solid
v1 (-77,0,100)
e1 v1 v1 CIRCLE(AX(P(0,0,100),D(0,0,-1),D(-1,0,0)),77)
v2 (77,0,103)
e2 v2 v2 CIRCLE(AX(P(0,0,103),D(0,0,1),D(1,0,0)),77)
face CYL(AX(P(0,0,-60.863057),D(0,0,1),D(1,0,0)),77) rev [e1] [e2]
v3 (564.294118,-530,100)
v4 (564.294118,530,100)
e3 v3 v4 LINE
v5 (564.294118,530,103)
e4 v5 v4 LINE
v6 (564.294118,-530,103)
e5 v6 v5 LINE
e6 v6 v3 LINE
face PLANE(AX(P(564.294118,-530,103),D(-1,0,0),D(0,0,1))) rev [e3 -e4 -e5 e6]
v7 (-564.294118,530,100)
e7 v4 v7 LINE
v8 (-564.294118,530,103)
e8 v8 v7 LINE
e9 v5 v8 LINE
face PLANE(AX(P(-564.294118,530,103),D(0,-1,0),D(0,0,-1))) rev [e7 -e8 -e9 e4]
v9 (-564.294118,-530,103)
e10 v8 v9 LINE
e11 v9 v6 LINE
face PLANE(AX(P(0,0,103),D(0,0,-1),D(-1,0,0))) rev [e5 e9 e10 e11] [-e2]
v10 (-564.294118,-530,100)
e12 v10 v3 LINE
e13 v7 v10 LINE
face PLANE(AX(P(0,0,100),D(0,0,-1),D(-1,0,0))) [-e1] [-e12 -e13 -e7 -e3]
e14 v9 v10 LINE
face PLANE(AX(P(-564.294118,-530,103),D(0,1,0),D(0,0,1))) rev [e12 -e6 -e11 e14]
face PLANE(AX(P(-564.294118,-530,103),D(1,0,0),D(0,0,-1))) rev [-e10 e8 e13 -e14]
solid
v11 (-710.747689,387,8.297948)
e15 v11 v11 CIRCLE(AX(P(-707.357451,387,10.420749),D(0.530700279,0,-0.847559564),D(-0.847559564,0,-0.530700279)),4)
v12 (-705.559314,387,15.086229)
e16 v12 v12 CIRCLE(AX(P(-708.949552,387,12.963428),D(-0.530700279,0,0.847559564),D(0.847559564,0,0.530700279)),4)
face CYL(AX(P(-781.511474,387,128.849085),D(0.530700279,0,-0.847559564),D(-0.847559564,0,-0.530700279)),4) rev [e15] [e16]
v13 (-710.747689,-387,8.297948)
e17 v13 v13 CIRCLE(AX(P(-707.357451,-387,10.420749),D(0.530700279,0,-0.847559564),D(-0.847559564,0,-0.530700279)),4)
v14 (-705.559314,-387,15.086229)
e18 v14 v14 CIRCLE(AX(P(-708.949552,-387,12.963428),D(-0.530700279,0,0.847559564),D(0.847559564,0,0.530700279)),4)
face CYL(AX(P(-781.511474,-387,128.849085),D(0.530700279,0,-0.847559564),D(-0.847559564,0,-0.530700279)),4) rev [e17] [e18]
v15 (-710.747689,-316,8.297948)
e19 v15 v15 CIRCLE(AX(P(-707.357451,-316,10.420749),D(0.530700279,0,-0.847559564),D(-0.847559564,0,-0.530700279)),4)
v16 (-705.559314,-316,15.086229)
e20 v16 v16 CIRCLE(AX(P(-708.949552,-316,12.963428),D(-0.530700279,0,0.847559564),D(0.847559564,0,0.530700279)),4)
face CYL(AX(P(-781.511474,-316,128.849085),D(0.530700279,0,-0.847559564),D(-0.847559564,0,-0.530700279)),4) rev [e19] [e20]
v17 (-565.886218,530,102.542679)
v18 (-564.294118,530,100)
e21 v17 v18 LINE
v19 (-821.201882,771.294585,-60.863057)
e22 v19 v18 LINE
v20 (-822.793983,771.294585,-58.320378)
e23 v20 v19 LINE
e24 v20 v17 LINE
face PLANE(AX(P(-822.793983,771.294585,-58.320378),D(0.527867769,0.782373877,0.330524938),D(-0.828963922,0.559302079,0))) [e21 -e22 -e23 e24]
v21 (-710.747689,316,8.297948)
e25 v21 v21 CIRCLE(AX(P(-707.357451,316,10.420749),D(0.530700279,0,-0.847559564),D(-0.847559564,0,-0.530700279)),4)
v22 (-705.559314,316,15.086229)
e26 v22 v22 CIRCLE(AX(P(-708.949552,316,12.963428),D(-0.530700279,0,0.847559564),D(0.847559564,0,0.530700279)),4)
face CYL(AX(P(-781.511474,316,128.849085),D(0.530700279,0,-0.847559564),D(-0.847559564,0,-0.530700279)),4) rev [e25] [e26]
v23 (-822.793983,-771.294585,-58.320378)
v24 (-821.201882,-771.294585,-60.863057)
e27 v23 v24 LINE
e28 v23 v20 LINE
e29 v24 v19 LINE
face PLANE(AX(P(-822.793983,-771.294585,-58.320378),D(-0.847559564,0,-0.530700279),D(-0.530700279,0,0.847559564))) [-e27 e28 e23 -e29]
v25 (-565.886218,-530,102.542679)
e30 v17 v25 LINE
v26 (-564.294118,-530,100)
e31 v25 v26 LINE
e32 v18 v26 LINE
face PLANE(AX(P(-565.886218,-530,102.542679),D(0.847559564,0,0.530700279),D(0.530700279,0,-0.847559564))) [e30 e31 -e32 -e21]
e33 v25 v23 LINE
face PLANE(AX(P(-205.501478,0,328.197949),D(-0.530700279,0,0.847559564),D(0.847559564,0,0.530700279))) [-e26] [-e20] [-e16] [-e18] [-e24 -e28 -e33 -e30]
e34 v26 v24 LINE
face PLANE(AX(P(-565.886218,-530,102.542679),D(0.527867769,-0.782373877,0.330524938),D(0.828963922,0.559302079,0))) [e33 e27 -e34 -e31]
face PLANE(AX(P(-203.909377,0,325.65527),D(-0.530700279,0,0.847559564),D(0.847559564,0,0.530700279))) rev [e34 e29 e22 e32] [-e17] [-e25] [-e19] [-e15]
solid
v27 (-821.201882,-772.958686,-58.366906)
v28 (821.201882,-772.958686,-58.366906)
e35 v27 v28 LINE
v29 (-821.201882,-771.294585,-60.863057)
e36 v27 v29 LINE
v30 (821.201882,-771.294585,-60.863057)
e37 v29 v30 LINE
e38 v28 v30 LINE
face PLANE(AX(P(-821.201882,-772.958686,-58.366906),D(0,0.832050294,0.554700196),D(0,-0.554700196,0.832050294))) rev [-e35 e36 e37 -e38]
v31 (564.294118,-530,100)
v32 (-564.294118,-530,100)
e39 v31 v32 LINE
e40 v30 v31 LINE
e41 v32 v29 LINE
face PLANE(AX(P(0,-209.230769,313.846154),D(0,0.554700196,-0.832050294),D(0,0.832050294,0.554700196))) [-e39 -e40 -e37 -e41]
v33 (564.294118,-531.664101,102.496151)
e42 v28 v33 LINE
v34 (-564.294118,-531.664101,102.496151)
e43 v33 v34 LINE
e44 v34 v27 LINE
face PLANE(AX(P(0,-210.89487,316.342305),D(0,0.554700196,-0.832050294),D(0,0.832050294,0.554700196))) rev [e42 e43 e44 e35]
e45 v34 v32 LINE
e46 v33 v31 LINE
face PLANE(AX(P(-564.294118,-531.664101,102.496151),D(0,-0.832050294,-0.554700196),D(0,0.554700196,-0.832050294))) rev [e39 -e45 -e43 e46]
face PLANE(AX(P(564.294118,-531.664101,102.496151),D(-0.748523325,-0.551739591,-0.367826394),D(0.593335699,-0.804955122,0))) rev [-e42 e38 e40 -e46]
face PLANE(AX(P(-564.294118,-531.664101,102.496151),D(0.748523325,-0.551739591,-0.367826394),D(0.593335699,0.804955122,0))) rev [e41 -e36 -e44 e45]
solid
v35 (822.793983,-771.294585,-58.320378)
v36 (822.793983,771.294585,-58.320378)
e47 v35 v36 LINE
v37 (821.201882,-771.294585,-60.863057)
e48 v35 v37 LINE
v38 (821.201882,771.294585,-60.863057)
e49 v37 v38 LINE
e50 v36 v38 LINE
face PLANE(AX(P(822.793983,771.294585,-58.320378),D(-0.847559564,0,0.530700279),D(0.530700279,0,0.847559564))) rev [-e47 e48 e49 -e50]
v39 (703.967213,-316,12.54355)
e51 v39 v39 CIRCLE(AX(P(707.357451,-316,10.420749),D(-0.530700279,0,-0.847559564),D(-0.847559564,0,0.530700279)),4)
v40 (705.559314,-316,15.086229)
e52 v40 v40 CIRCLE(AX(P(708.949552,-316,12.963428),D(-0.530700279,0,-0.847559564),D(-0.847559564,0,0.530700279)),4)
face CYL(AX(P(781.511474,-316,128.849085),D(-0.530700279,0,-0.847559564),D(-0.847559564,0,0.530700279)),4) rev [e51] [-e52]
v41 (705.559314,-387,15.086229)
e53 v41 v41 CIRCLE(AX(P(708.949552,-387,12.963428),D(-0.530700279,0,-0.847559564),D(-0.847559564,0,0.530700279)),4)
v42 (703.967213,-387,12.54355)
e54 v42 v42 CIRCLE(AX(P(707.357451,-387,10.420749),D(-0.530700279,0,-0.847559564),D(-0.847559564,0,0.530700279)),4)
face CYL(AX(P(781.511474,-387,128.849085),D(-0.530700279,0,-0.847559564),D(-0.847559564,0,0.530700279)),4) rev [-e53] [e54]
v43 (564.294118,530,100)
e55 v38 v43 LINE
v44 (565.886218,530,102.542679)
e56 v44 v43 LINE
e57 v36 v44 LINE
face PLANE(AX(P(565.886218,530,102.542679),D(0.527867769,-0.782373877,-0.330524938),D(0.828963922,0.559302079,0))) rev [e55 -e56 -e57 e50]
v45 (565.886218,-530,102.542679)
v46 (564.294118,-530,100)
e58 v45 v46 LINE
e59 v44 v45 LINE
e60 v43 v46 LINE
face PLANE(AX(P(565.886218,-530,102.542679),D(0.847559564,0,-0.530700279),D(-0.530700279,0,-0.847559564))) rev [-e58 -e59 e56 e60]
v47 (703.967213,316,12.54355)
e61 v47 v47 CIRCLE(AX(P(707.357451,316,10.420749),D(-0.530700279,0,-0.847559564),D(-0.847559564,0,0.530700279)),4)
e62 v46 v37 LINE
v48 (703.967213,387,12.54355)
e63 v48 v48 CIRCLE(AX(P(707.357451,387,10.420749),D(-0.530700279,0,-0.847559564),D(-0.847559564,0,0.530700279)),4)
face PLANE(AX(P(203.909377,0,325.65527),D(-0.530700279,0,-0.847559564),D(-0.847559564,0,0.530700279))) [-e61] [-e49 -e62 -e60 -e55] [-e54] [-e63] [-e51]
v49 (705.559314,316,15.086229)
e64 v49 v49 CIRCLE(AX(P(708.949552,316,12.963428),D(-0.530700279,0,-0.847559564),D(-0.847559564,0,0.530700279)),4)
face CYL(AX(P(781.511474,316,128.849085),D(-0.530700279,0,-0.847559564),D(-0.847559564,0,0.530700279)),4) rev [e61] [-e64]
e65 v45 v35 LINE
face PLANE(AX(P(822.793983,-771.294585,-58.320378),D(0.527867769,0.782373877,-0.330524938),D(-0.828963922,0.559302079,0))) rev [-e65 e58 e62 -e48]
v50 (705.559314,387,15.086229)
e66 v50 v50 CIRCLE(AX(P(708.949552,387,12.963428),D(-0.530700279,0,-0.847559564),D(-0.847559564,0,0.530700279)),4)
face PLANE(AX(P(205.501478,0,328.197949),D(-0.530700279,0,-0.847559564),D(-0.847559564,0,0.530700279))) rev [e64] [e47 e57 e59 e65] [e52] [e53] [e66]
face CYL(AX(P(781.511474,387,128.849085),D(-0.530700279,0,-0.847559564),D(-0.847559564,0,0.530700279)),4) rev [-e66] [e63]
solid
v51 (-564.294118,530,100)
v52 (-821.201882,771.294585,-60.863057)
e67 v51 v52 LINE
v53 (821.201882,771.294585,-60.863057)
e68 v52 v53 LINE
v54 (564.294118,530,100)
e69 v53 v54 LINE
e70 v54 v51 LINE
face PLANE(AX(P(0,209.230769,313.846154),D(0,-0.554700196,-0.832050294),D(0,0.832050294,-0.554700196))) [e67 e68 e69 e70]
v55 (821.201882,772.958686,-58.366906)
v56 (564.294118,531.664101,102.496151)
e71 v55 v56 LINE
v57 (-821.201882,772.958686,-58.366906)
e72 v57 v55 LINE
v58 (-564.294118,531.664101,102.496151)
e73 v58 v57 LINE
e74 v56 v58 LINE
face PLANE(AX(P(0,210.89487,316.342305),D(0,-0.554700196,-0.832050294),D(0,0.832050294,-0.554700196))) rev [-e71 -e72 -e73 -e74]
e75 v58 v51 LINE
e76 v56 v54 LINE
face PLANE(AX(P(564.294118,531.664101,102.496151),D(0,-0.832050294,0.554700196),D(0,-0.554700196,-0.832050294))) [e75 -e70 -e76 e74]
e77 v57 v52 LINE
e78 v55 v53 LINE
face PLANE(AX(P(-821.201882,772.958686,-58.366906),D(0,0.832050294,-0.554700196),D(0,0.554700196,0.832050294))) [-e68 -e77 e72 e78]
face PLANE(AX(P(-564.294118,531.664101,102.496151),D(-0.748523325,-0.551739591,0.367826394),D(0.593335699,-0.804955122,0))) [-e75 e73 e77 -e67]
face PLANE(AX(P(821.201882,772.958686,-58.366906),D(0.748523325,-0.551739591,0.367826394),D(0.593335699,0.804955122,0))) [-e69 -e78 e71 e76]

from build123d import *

# Parameters (mm, degrees)
BOSS_EXTRUDE1_DEPTH = 3
BOSS_EXTRUDE2_DEPTH = 3
BOSS_EXTRUDE3_DEPTH = 3
BOSS_EXTRUDE4_DEPTH = 3
SKETCH7_W           = 1128.588235294
SKETCH7_H           = 1060
BOSS_EXTRUDE5_DEPTH = 3
SKETCH9_R           = 4
CUT_EXTRUDE2_DEPTH  = 1343.006459444
SKETCH10_R          = 4
CUT_EXTRUDE3_DEPTH  = 1343.006459444
SKETCH11_R          = 77
CUT_EXTRUDE4_DEPTH  = 1141.74807468


with BuildPart() as part:
    # Sketch3 → Boss-Extrude1 (new body)
    with BuildSketch(Plane(origin=(0, -209.230769231, 313.846153846), x_dir=(1, 0, 0), z_dir=(0, -0.554700196225229, 0.8320502943378437))):
        Polygon((-564.294117647, -385.516636377), (564.294117647, -385.516636377), (724, -565.79420015), (821.201882058, -675.516636377), (-821.201882058, -675.516636377), (-724, -565.79420015), align=None)
    extrude(amount=BOSS_EXTRUDE1_DEPTH)


with BuildPart() as body_2:
    # Sketch4 → Boss-Extrude2 (new body)
    with BuildSketch(Plane(origin=(-203.909377292, 0, 325.655270204), x_dir=(-0.8475595635030612, 0, -0.5307002791731887), z_dir=(0.5307002791731887, 0, -0.8475595635030612))):
        Polygon((425.202848123, -530), (425.202848123, 530), (728.317549996, 771.294585358), (728.317549996, -771.294585358), align=None)
    extrude(amount=-BOSS_EXTRUDE2_DEPTH)

    # Sketch10 → Cut-Extrude3 (cut, through all)
    with BuildSketch(Plane(origin=(-203.909377292, 0, 325.655270204), x_dir=(-0.8475595635030612, 0, -0.5307002791731887), z_dir=(0.5307002791731887, 0, -0.8475595635030612))):
        with Locations((593.997278026, -387)):
            Circle(SKETCH10_R)
        with Locations((593.997278026, -316)):
            Circle(SKETCH10_R)
        with Locations((593.997278026, 316)):
            Circle(SKETCH10_R)
        with Locations((593.997278026, 387)):
            Circle(SKETCH10_R)
    extrude(amount=-CUT_EXTRUDE3_DEPTH, mode=Mode.SUBTRACT)


with BuildPart() as body_3:
    # Sketch5 → Boss-Extrude3 (new body)
    with BuildSketch(Plane(origin=(203.909377292, 0, 325.655270204), x_dir=(0.8475595635030614, 0, -0.5307002791731884), z_dir=(0.5307002791731884, 0, 0.8475595635030614))):
        Polygon((425.202848123, -530), (425.202848123, 530), (728.317549996, 771.294585358), (728.317549996, -771.294585358), align=None)
    extrude(amount=BOSS_EXTRUDE3_DEPTH)

    # Sketch9 → Cut-Extrude2 (cut, through all)
    with BuildSketch(Plane(origin=(203.909377292, 0, 325.655270204), x_dir=(-0.8475595635030615, 0, 0.5307002791731884), z_dir=(-0.5307002791731884, 0, -0.8475595635030615))):
        with Locations((-593.997278026, 387)):
            Circle(SKETCH9_R)
        with Locations((-593.997278026, 316)):
            Circle(SKETCH9_R)
        with Locations((-593.997278026, -316)):
            Circle(SKETCH9_R)
        with Locations((-593.997278026, -387)):
            Circle(SKETCH9_R)
    extrude(amount=-CUT_EXTRUDE2_DEPTH, mode=Mode.SUBTRACT)


with BuildPart() as body_4:
    # Sketch6 → Boss-Extrude4 (new body)
    with BuildSketch(Plane(origin=(0, 209.230769231, 313.846153846), x_dir=(-1, 0, 0), z_dir=(0, -0.554700196225229, -0.8320502943378437))):
        Polygon((-564.294117647, 385.516636377), (564.294117647, 385.516636377), (821.201882058, 675.516636377), (-821.201882058, 675.516636377), align=None)
    extrude(amount=-BOSS_EXTRUDE4_DEPTH)


with BuildPart() as body_5:
    # Sketch7 → Boss-Extrude5 (new body)
    with BuildSketch(Plane.XY.offset(100)):
        Rectangle(SKETCH7_W, SKETCH7_H)
    extrude(amount=BOSS_EXTRUDE5_DEPTH)

    # Sketch11 → Cut-Extrude4 (cut, through all)
    with BuildSketch(Plane.XY.offset(103)):
        Circle(SKETCH11_R)
    extrude(amount=-CUT_EXTRUDE4_DEPTH, mode=Mode.SUBTRACT)


solid = Compound([part.part, body_2.part, body_3.part, body_4.part, body_5.part])
